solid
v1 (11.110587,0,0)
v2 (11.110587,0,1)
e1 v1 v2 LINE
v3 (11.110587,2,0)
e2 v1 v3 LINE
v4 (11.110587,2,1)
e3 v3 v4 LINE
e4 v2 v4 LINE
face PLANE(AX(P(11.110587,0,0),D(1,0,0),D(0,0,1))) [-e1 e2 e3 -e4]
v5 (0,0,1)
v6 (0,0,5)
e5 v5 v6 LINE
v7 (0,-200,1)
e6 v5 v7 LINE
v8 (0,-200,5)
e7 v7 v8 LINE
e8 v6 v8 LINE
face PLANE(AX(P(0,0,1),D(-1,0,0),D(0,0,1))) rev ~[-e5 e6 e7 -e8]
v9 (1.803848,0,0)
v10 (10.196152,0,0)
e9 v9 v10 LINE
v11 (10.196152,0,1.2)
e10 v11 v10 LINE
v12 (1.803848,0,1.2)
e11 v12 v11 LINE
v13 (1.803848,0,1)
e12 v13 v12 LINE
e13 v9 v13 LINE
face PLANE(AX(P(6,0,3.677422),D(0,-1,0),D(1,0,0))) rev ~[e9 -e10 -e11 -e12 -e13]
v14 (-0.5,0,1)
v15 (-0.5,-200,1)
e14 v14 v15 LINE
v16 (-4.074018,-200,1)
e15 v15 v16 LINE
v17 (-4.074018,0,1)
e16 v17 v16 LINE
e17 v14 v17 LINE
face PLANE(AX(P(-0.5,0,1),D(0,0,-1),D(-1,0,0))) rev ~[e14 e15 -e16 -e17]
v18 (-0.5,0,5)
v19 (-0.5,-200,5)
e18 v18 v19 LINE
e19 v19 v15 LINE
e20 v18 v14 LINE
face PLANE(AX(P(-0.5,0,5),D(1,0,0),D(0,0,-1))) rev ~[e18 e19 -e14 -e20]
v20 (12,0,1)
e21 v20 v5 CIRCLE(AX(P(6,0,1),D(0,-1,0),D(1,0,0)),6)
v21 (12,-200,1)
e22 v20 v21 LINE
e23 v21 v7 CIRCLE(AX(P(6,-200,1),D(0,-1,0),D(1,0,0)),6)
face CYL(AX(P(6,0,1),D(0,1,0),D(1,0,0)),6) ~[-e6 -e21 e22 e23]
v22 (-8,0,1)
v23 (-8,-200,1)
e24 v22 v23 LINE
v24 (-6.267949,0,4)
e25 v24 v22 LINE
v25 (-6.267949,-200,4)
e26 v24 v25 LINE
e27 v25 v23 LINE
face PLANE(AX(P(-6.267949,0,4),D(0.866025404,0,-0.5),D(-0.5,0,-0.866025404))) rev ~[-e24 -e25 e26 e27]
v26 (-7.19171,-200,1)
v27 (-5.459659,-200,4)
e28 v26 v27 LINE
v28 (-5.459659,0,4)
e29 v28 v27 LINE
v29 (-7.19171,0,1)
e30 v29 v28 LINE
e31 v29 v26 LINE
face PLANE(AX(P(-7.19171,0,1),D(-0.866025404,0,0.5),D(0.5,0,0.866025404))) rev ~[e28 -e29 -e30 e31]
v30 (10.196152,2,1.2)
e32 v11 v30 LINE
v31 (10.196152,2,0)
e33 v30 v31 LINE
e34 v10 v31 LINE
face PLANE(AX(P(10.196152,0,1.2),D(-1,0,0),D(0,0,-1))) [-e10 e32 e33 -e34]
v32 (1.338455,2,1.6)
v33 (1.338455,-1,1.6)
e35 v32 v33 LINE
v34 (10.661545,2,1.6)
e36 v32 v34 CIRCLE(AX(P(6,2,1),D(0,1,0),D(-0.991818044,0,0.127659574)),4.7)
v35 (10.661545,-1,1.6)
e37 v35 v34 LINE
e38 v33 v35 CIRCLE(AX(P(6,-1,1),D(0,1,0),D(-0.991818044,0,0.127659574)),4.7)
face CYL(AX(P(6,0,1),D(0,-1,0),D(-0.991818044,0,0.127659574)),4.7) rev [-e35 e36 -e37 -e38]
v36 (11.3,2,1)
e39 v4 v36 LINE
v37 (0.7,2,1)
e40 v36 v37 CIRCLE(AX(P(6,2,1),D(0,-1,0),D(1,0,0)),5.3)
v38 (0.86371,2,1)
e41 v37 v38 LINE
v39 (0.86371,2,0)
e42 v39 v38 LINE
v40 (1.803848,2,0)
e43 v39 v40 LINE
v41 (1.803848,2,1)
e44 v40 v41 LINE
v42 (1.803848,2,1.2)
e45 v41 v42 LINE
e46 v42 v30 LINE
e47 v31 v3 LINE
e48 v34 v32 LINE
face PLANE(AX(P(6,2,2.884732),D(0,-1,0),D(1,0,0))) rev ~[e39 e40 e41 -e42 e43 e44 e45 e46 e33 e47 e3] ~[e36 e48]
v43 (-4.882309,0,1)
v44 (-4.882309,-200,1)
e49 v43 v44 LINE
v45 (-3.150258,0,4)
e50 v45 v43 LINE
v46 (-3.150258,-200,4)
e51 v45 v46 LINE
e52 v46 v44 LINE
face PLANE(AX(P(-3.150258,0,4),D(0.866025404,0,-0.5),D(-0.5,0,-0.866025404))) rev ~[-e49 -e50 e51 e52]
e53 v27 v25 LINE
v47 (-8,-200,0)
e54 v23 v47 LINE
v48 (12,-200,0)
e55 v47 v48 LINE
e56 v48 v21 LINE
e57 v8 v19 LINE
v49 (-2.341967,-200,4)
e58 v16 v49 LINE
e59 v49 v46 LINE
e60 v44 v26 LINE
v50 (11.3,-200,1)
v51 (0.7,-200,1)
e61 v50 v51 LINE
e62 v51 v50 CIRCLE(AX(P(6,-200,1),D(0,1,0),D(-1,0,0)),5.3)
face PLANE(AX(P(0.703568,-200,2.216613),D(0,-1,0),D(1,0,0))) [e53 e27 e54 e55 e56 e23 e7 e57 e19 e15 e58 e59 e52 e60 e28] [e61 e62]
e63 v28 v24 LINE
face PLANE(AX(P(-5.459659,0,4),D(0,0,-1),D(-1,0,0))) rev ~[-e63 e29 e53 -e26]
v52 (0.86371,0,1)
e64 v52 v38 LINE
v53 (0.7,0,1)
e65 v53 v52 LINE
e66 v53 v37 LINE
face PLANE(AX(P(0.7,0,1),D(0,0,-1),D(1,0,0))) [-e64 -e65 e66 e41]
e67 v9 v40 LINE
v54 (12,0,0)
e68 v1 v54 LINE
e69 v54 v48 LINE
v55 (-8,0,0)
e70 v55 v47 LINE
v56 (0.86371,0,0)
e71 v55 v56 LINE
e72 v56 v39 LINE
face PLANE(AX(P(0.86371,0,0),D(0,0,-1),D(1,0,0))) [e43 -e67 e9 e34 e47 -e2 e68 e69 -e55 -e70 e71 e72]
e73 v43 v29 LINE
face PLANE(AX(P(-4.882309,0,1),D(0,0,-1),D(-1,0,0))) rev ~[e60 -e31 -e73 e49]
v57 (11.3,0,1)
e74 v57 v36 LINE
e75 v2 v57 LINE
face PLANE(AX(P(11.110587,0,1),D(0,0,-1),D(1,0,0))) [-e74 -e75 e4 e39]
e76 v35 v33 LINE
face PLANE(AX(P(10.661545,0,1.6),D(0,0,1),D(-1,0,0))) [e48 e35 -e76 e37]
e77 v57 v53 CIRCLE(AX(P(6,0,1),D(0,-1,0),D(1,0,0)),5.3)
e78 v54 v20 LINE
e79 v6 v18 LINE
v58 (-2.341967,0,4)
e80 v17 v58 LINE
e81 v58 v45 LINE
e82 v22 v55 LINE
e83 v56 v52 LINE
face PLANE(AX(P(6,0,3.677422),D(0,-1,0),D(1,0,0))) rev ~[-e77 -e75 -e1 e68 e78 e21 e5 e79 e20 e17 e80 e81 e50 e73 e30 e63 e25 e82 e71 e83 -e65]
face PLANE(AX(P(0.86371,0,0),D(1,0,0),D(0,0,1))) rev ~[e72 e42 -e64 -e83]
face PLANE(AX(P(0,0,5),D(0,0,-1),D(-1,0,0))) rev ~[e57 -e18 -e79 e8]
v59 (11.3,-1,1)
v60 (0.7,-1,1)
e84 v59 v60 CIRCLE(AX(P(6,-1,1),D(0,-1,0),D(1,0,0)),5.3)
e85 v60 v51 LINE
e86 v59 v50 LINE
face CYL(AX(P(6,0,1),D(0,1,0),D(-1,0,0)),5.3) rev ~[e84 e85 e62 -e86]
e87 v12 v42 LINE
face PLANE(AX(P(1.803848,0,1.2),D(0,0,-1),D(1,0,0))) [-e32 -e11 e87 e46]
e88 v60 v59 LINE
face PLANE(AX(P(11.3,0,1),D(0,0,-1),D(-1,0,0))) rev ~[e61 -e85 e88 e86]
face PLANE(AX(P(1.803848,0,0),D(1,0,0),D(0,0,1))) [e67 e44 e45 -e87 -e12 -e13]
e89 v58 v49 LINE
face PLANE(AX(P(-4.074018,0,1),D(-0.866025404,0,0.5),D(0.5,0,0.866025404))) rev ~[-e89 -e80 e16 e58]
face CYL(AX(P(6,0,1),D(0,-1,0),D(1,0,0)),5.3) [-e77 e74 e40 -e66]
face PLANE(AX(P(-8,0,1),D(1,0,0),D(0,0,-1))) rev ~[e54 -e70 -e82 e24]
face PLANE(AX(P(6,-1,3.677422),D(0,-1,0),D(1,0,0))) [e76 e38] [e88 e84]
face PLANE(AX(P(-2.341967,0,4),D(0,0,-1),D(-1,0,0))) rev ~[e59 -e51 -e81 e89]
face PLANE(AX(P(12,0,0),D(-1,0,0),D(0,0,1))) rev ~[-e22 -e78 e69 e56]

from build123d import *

# Parameters (mm, degrees)
F1_DEPTH = 200
F2_W     = 8.3923048454
F2_H     = 0.2
F3_DEPTH = 1
F2_W_2   = 0.9144346228
F2_H_2   = 1
F2_W_3   = 0.9401379739
F4_DEPTH = 2


with BuildPart() as f1:
    # F0 (on Front) → F1 (new body)
    with BuildSketch(Plane.XZ):
        with BuildLine():
            Line((-8, 0), (0, 0))
            Line((0, 0), (12, 0))
            Line((12, 0), (12, 1))
            ThreePointArc((12, 1), (6, 7), (0, 1))
            Line((0, 1), (0, 5))
            Line((0, 5), (-0.5, 5))
            Line((-0.5, 5), (-0.5, 1))
            Line((-0.5, 1), (-4.0740181695, 1))
            Line((-4.0740181695, 1), (-2.3419673619, 4))
            Line((-2.3419673619, 4), (-3.1502577388, 4))
            Line((-3.1502577388, 4), (-4.8823085464, 1))
            Line((-4.8823085464, 1), (-7.1917096231, 1))
            Line((-7.1917096231, 1), (-5.4596588156, 4))
            Line((-5.4596588156, 4), (-6.2679491924, 4))
            Line((-6.2679491924, 4), (-8, 1))
            Line((-8, 1), (-8, 0))
        make_face()
        with BuildLine():
            ThreePointArc((0.7, 1), (6, 6.3), (11.3, 1))
            Line((11.3, 1), (0.7, 1))
        make_face(mode=Mode.SUBTRACT)
    extrude(amount=F1_DEPTH)

    # F2 (on Front) → F3 (join)
    with BuildSketch(Plane.XZ):
        with BuildLine():
            ThreePointArc((0.9039230775, 1.2), (6, 6.1), (11.0960769225, 1.2))
            Line((11.0960769225, 1.2), (10.1961524227, 1.2))
            Line((10.1961524227, 1.2), (10.1961524227, 1))
            Line((10.1961524227, 1), (11.1105870456, 1))
            Line((11.1105870456, 1), (11.3, 1))
            ThreePointArc((11.3, 1), (6, 6.3), (0.7, 1))
            Line((0.7, 1), (0.8637096034, 1))
            Line((0.8637096034, 1), (1.8038475773, 1))
            Line((1.8038475773, 1), (1.8038475773, 1.2))
            Line((1.8038475773, 1.2), (0.9039230775, 1.2))
        make_face()
        with BuildLine():
            Line((10.1961524227, 1.2), (11.0960769225, 1.2))
            ThreePointArc((11.0960769225, 1.2), (6, 6.1), (0.9039230775, 1.2))
            Line((0.9039230775, 1.2), (1.8038475773, 1.2))
            Line((1.8038475773, 1.2), (10.1961524227, 1.2))
        make_face()
        with BuildLine():
            ThreePointArc((1.3384551917, 1.6), (6, 5.7), (10.6615448083, 1.6))
            Line((10.6615448083, 1.6), (1.3384551917, 1.6))
        make_face(mode=Mode.SUBTRACT)
        with Locations((6, 1.1)):
            Rectangle(F2_W, F2_H)
    extrude(amount=F3_DEPTH)

    # F2 (on Front) → F4 (join)
    with BuildSketch(Plane.XZ):
        with BuildLine():
            Line((10.1961524227, 1.2), (11.0960769225, 1.2))
            ThreePointArc((11.0960769225, 1.2), (6, 6.1), (0.9039230775, 1.2))
            Line((0.9039230775, 1.2), (1.8038475773, 1.2))
            Line((1.8038475773, 1.2), (10.1961524227, 1.2))
        make_face()
        with BuildLine():
            ThreePointArc((1.3384551917, 1.6), (6, 5.7), (10.6615448083, 1.6))
            Line((10.6615448083, 1.6), (1.3384551917, 1.6))
        make_face(mode=Mode.SUBTRACT)
        with Locations((10.6533697341, 0.5)):
            Rectangle(F2_W_2, F2_H_2)
        with Locations((1.3337785904, 0.5)):
            Rectangle(F2_W_3, F2_H_2)
        with BuildLine():
            ThreePointArc((0.9039230775, 1.2), (6, 6.1), (11.0960769225, 1.2))
            Line((11.0960769225, 1.2), (10.1961524227, 1.2))
            Line((10.1961524227, 1.2), (10.1961524227, 1))
            Line((10.1961524227, 1), (11.1105870456, 1))
            Line((11.1105870456, 1), (11.3, 1))
            ThreePointArc((11.3, 1), (6, 6.3), (0.7, 1))
            Line((0.7, 1), (0.8637096034, 1))
            Line((0.8637096034, 1), (1.8038475773, 1))
            Line((1.8038475773, 1), (1.8038475773, 1.2))
            Line((1.8038475773, 1.2), (0.9039230775, 1.2))
        make_face()
    extrude(amount=-F4_DEPTH)


solid = f1.part
